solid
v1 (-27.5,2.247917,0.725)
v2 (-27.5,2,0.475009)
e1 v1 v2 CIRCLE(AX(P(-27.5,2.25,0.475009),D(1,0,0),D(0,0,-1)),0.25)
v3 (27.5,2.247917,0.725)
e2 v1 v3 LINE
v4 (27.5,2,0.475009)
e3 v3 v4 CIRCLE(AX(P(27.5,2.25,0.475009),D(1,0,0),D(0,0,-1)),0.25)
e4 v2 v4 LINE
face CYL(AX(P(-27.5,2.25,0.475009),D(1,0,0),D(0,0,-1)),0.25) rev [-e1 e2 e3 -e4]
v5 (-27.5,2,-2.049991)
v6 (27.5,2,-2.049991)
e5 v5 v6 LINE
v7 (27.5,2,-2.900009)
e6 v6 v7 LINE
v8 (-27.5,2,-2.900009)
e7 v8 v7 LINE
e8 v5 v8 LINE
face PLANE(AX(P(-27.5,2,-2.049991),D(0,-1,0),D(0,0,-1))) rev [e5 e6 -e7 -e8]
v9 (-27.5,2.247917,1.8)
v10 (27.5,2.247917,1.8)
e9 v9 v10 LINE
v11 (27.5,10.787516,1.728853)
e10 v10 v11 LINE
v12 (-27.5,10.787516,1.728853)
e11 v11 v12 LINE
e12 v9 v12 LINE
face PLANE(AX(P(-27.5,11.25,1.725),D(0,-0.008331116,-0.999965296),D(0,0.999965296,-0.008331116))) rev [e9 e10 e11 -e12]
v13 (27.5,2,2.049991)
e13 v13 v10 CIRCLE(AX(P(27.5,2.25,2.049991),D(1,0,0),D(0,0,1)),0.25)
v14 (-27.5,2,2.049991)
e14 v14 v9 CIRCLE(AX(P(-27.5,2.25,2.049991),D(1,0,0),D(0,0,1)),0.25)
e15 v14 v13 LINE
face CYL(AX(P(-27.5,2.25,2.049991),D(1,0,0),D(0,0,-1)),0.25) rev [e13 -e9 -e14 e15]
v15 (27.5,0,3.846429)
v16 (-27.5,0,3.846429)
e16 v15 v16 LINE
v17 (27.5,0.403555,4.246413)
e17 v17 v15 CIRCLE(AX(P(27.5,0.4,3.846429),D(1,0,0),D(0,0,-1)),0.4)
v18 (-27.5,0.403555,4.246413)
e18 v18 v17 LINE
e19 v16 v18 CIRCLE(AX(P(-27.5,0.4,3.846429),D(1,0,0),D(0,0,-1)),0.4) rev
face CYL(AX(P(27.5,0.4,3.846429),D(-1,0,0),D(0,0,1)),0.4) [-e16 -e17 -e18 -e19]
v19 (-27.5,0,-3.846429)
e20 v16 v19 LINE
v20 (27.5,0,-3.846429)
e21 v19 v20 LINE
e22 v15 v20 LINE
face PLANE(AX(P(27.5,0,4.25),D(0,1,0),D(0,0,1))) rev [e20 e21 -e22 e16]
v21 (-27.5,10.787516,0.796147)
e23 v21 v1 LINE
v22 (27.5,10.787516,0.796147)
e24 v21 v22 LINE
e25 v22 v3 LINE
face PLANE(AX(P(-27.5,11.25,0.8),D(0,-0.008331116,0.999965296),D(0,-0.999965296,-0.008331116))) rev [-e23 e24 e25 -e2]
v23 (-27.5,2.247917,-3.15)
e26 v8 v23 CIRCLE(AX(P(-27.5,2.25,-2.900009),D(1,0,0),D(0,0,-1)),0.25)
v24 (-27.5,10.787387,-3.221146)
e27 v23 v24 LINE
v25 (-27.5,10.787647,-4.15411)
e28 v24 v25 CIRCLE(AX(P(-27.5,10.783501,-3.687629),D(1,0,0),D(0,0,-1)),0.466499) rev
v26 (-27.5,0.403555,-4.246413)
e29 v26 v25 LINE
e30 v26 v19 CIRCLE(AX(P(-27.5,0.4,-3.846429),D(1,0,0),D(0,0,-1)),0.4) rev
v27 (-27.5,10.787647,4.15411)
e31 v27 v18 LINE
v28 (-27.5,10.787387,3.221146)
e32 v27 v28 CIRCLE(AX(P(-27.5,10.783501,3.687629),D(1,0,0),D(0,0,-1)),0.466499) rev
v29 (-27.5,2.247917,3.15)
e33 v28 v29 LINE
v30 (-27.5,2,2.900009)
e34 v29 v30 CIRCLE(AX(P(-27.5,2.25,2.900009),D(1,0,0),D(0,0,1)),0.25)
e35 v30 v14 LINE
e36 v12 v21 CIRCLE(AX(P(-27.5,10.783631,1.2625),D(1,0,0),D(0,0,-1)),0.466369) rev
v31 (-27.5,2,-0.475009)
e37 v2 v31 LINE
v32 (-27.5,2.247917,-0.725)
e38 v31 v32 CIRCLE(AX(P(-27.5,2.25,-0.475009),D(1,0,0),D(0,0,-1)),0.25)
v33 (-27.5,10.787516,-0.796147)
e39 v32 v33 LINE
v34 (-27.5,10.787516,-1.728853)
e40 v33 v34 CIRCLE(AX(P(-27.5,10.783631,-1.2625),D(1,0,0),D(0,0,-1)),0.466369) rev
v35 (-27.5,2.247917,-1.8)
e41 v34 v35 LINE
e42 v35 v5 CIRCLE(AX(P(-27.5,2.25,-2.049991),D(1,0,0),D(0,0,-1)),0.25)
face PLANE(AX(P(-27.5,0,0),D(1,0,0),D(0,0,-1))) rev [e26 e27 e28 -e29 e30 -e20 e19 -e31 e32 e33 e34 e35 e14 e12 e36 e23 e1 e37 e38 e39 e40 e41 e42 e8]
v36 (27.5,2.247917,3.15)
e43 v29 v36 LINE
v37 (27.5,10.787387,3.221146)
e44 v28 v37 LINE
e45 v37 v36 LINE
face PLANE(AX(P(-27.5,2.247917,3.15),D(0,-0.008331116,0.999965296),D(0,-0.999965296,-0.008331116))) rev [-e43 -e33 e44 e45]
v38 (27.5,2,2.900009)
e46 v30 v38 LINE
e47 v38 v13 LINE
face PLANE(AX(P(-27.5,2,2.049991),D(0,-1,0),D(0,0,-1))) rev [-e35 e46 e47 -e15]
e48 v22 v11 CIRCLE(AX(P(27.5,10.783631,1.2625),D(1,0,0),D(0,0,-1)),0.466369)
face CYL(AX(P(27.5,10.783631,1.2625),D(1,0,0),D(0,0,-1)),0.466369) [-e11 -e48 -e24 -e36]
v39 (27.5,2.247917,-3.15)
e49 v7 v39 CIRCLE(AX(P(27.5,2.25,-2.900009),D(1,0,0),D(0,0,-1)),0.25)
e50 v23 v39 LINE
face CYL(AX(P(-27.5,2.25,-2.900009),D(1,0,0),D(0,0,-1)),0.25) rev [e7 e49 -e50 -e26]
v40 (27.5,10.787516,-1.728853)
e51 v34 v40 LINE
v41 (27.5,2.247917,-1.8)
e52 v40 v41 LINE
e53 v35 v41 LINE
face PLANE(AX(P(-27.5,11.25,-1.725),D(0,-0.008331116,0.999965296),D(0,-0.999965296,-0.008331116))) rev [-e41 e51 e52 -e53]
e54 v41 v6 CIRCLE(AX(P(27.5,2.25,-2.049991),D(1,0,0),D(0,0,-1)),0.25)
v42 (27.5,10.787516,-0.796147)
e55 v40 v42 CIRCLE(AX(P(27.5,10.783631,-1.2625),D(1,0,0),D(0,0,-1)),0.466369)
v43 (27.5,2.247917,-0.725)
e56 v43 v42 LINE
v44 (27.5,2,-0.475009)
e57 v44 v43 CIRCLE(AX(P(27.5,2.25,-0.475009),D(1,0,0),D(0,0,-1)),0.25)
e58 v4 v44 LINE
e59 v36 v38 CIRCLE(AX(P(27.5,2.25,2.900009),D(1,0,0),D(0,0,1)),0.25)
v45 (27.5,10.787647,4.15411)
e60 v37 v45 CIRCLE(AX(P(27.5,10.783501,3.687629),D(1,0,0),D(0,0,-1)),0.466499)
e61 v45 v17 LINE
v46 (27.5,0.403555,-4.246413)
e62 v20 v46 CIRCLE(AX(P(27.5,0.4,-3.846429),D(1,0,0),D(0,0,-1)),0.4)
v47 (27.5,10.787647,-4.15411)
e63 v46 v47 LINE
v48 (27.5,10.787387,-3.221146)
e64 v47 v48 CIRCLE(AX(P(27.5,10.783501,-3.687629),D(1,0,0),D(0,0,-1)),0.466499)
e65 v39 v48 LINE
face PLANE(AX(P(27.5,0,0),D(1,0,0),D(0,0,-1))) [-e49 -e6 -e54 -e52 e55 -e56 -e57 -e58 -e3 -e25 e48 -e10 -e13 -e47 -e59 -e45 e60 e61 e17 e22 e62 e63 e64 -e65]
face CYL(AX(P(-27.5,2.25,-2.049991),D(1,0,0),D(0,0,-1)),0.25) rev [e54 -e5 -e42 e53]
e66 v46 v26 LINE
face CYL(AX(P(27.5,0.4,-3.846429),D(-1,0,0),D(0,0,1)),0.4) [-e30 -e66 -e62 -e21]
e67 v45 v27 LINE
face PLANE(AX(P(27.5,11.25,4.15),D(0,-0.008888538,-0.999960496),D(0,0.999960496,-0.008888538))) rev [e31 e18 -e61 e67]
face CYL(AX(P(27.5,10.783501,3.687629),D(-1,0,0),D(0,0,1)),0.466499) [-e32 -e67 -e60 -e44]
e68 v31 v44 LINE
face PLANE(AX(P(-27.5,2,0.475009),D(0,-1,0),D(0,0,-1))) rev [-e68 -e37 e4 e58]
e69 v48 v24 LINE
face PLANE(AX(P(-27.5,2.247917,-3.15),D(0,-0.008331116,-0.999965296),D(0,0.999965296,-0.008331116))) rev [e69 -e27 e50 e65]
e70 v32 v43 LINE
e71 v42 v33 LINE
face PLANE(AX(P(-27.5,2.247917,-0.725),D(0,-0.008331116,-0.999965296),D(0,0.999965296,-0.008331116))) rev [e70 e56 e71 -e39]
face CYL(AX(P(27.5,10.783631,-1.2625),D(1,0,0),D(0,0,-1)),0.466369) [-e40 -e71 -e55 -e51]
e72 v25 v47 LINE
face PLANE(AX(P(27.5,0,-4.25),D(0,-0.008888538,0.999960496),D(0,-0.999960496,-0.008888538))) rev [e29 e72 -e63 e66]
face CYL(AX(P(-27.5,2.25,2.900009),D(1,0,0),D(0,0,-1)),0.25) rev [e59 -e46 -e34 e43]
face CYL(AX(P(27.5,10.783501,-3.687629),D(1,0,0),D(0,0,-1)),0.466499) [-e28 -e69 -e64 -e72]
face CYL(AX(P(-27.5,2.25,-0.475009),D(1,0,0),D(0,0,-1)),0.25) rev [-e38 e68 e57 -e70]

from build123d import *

# Parameters (mm, degrees)
BOSS_EXTRUDE1_DEPTH = 27.5
CUT_EXTRUDE1_DEPTH  = 56
FILLET1_R           = 0.466499
FILLET2_R           = 0.466369
FILLET3_R           = 0.466369
FILLET4_R           = 0.466499
FILLET5_R           = 0.4


with BuildPart() as part:
    # Sketch1 → Boss-Extrude1 (new body, symmetric)
    with BuildSketch(Plane(origin=(0, 0, 0), x_dir=(0, 0, -1), z_dir=(1, 0, 0))):
        Polygon((-4.15, 11.25), (-4.25, 0), (4.25, 0), (4.15, 11.25), align=None)
    extrude(amount=BOSS_EXTRUDE1_DEPTH, both=True)

    # Sketch2 → Cut-Extrude1 (cut, through all)
    with BuildSketch(Plane(origin=(27.5, 0, 0), x_dir=(0, 0, -1), z_dir=(1, 0, 0))):
        with BuildLine():
            Line((-0.8, 11.25), (-0.725, 2.247917221))
            ThreePointArc((-0.725, 2.247917221), (-0.651047458, 2.072488458), (-0.475008676, 2))
            Line((-0.475008676, 2), (0.475008676, 2))
            ThreePointArc((0.475008676, 2), (0.651047458, 2.072488458), (0.725, 2.247917221))
            Line((0.725, 2.247917221), (0.8, 11.25))
            Line((0.8, 11.25), (-0.8, 11.25))
        make_face()
        with BuildLine():
            Line((-3.225, 11.25), (-1.725, 11.25))
            Line((-1.725, 11.25), (-1.8, 2.247917221))
            ThreePointArc((-1.8, 2.247917221), (-1.873952542, 2.072488458), (-2.049991324, 2))
            Line((-2.049991324, 2), (-2.900008676, 2))
            ThreePointArc((-2.900008676, 2), (-3.076047458, 2.072488458), (-3.15, 2.247917221))
            Line((-3.15, 2.247917221), (-3.225, 11.25))
        make_face()
        with BuildLine():
            Line((3.225, 11.25), (1.725, 11.25))
            Line((1.725, 11.25), (1.8, 2.247917221))
            ThreePointArc((1.8, 2.247917221), (1.873952542, 2.072488458), (2.049991324, 2))
            Line((2.049991324, 2), (2.900008676, 2))
            ThreePointArc((2.900008676, 2), (3.076047458, 2.072488458), (3.15, 2.247917221))
            Line((3.15, 2.247917221), (3.225, 11.25))
        make_face()
    extrude(amount=-CUT_EXTRUDE1_DEPTH, mode=Mode.SUBTRACT)

    # Fillet1
    fillet1_edges = [part.edges().sort_by_distance(p)[0] for p in [
        (0, 11.25, 3.225),
        (0, 11.25, 4.15),
    ]]
    fillet(fillet1_edges, radius=FILLET1_R)

    # Fillet2
    fillet2_edges = [part.edges().sort_by_distance(p)[0] for p in [
        (0, 11.25, 0.8),
        (0, 11.25, 1.725),
    ]]
    fillet(fillet2_edges, radius=FILLET2_R)

    # Fillet3
    fillet3_edges = [part.edges().sort_by_distance(p)[0] for p in [
        (0, 11.25, -0.8),
        (0, 11.25, -1.725),
    ]]
    fillet(fillet3_edges, radius=FILLET3_R)

    # Fillet4
    fillet4_edges = [part.edges().sort_by_distance(p)[0] for p in [
        (0, 11.25, -3.225),
        (0, 11.25, -4.15),
    ]]
    fillet(fillet4_edges, radius=FILLET4_R)

    # Fillet5
    fillet5_edges = [part.edges().sort_by_distance(p)[0] for p in [
        (0, 0, -4.25),
        (0, 0, 4.25),
    ]]
    fillet(fillet5_edges, radius=FILLET5_R)


solid = part.part
